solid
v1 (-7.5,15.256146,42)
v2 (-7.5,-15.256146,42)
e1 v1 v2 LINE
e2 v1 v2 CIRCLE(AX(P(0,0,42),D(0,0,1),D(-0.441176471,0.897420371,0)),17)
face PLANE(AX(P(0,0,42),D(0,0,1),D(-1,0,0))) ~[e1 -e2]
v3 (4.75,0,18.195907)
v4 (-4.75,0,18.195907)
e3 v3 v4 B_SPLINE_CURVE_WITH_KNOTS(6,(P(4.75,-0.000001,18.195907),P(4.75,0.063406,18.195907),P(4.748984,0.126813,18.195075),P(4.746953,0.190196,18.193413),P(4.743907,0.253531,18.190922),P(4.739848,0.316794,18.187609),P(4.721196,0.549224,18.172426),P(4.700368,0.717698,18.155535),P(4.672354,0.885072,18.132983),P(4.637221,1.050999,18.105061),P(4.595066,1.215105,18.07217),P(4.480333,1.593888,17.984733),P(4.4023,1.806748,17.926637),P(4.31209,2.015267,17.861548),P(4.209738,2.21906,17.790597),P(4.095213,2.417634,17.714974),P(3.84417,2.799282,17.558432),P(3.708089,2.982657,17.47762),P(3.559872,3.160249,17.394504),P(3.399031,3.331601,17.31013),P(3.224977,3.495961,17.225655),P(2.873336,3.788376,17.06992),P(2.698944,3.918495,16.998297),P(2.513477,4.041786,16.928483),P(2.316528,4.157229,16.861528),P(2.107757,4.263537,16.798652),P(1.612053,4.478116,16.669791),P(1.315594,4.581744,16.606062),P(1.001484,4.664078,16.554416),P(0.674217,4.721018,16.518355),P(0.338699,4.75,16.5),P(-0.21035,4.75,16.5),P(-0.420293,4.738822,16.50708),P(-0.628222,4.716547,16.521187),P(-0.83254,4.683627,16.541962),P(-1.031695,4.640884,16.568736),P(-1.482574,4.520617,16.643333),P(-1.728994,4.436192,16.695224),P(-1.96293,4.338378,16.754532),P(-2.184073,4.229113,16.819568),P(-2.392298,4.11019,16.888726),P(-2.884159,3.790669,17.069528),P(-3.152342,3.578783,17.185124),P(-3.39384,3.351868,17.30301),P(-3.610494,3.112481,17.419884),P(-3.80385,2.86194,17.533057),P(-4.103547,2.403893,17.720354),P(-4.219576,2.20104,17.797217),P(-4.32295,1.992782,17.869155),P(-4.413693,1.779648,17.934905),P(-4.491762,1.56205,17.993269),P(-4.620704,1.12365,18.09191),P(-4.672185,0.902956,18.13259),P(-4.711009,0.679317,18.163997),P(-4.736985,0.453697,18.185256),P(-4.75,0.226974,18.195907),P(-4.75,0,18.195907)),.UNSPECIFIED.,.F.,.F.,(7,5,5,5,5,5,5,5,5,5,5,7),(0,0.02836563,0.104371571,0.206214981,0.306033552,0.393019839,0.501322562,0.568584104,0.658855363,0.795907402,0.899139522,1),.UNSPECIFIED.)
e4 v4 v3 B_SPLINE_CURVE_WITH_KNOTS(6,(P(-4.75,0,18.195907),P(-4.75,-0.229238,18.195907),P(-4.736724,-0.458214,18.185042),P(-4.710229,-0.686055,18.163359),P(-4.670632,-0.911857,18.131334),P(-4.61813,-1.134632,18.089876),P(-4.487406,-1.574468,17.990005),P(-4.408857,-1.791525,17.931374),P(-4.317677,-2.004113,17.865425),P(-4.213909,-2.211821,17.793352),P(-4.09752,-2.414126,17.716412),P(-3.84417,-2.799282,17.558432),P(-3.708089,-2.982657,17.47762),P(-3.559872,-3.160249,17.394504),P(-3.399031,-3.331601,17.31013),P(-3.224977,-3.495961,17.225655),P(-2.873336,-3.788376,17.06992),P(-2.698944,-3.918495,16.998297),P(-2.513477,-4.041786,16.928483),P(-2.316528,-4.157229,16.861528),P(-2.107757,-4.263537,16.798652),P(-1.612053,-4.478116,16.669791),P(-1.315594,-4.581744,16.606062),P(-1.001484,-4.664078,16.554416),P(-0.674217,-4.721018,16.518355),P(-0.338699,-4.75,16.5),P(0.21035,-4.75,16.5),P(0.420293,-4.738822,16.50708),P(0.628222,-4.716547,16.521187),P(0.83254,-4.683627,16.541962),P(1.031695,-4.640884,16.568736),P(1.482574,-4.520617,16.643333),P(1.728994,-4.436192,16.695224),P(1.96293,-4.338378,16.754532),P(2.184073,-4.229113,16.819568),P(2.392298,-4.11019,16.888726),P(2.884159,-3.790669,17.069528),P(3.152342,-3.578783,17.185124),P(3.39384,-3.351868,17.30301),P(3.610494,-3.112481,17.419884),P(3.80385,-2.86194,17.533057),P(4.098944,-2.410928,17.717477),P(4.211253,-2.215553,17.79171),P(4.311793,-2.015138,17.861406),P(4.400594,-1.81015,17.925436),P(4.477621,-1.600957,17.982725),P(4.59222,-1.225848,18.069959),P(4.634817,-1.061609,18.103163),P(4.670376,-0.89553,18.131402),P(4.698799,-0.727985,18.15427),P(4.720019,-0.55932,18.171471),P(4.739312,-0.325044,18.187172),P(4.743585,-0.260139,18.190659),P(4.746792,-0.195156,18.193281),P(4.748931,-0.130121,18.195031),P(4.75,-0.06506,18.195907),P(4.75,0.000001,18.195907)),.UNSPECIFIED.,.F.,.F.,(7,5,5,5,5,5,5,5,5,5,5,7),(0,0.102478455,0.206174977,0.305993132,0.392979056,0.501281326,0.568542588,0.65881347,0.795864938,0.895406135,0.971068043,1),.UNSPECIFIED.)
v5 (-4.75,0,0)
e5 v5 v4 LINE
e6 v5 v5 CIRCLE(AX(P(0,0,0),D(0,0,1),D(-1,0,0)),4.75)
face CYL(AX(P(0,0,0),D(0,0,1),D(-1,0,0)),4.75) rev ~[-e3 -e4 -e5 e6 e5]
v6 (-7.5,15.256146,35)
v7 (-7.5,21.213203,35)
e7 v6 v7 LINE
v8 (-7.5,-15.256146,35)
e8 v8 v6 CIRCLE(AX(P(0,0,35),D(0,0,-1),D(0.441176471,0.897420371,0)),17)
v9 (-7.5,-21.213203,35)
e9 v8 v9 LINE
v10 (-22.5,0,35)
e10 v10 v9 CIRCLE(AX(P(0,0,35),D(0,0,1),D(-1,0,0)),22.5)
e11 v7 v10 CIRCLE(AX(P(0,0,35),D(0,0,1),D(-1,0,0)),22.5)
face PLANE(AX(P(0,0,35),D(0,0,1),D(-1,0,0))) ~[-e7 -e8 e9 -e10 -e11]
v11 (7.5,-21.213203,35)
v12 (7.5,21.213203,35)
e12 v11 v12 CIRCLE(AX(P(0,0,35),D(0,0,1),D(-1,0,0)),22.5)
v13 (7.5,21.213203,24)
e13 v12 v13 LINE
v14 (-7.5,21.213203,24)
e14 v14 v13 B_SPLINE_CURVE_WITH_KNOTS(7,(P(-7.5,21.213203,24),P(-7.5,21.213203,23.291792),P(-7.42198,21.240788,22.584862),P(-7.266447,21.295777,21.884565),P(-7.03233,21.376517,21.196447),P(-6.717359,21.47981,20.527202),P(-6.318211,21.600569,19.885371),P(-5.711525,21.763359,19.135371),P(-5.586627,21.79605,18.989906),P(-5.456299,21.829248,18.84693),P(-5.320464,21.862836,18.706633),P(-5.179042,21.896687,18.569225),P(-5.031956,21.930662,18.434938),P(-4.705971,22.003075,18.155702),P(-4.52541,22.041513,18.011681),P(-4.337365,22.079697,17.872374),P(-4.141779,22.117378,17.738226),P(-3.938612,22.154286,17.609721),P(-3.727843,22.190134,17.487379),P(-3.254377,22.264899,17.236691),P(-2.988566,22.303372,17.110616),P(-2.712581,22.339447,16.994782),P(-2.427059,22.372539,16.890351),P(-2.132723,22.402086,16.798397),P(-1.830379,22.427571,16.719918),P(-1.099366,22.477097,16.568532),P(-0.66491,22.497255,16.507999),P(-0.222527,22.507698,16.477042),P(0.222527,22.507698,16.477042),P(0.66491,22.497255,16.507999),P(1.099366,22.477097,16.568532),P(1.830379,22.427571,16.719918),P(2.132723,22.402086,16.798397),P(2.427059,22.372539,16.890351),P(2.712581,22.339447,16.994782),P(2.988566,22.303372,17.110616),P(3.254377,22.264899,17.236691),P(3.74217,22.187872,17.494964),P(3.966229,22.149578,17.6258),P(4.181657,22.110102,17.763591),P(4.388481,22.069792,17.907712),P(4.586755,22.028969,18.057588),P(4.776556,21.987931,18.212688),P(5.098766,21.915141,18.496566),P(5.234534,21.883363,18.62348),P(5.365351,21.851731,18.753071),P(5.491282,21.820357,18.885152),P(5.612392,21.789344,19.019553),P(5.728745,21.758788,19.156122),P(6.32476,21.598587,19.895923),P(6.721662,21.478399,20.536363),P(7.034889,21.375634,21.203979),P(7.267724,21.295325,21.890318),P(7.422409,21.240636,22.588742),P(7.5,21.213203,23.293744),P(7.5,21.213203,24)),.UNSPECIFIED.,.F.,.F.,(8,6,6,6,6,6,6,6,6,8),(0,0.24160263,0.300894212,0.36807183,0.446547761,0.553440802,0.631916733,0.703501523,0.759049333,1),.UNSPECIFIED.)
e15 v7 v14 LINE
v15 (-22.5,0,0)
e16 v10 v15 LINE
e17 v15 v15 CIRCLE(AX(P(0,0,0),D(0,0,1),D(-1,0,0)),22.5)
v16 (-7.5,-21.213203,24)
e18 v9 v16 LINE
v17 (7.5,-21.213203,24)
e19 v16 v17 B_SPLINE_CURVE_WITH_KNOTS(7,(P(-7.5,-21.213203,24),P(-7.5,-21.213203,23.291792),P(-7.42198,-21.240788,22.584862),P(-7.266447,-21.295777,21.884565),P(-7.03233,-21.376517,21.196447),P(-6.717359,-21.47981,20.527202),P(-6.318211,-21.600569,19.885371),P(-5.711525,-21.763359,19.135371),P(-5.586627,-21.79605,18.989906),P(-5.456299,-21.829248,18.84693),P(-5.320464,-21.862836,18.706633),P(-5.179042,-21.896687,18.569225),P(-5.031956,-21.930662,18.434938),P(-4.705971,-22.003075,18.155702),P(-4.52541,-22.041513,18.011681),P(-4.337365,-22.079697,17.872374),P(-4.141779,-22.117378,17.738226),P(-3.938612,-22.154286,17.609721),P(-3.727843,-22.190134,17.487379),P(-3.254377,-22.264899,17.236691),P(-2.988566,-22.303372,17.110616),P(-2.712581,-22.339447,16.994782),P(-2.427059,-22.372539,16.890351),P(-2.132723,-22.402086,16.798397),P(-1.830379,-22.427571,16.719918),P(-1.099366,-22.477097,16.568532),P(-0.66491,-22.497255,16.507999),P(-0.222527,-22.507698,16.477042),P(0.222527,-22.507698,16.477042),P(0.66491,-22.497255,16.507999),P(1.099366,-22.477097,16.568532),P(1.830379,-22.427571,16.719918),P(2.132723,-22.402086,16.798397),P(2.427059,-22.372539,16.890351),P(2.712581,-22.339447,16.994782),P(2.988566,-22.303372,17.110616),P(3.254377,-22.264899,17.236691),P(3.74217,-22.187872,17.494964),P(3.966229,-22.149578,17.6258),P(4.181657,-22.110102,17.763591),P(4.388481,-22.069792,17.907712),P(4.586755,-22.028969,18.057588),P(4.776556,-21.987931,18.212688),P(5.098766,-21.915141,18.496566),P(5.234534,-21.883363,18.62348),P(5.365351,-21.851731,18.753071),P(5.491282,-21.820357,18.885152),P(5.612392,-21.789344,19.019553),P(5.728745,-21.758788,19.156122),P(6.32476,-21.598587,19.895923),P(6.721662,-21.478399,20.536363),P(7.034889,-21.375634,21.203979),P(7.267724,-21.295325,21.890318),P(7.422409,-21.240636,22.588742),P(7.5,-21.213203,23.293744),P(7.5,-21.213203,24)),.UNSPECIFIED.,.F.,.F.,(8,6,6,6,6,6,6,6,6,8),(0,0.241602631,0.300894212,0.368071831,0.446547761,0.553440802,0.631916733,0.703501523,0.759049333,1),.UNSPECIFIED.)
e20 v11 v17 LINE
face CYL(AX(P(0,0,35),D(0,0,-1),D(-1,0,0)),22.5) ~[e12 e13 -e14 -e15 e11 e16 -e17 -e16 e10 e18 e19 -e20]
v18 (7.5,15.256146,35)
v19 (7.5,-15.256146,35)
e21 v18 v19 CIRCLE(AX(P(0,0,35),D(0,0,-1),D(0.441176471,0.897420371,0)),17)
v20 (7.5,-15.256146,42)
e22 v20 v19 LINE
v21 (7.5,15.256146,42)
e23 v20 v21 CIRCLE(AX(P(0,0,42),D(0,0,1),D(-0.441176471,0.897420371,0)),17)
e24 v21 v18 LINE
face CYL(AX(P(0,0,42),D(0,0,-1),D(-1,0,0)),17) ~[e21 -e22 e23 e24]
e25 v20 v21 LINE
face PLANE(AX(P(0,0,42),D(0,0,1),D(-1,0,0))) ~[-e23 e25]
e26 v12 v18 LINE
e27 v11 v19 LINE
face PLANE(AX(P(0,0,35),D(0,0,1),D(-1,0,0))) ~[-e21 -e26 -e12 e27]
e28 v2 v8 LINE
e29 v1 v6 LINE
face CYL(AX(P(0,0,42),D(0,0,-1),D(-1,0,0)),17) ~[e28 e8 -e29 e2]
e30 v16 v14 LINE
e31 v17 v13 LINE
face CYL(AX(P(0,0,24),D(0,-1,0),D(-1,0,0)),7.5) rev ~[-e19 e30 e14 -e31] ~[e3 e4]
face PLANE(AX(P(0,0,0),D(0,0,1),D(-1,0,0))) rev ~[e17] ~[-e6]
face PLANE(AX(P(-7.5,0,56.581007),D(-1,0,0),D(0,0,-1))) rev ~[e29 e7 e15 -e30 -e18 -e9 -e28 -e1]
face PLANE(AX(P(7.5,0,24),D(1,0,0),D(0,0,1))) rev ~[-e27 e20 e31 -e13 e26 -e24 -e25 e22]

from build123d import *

# Parameters (mm, degrees)
F3_DEPTH      = 22.501
F3_DEPTH_BACK = 22.501


with BuildPart() as f1:
    # F0 (on Front) → F1 (revolve)
    with BuildSketch(Plane.XZ):
        Polygon((-22.5, 0), (-4.75, 0), (-4.75, 42), (-17, 42), (-17, 35), (-22.5, 35), align=None)
    revolve(axis=Axis((0, 0, 14.5431826879), (0, 0, 1)))

    # F2 (on Front) → F3 (cut, two sides)
    with BuildSketch(Plane.XZ) as f3_sk:
        with BuildLine():
            Line((-7.5, 56.581006925), (-7.5, 24))
            ThreePointArc((-7.5, 24), (0, 16.5), (7.5, 24))
            Line((7.5, 24), (7.5, 56.581006925))
            Line((7.5, 56.581006925), (-7.5, 56.581006925))
        make_face()
    extrude(amount=-F3_DEPTH, mode=Mode.SUBTRACT)
    extrude(f3_sk.sketch, amount=F3_DEPTH_BACK, mode=Mode.SUBTRACT)


solid = f1.part
